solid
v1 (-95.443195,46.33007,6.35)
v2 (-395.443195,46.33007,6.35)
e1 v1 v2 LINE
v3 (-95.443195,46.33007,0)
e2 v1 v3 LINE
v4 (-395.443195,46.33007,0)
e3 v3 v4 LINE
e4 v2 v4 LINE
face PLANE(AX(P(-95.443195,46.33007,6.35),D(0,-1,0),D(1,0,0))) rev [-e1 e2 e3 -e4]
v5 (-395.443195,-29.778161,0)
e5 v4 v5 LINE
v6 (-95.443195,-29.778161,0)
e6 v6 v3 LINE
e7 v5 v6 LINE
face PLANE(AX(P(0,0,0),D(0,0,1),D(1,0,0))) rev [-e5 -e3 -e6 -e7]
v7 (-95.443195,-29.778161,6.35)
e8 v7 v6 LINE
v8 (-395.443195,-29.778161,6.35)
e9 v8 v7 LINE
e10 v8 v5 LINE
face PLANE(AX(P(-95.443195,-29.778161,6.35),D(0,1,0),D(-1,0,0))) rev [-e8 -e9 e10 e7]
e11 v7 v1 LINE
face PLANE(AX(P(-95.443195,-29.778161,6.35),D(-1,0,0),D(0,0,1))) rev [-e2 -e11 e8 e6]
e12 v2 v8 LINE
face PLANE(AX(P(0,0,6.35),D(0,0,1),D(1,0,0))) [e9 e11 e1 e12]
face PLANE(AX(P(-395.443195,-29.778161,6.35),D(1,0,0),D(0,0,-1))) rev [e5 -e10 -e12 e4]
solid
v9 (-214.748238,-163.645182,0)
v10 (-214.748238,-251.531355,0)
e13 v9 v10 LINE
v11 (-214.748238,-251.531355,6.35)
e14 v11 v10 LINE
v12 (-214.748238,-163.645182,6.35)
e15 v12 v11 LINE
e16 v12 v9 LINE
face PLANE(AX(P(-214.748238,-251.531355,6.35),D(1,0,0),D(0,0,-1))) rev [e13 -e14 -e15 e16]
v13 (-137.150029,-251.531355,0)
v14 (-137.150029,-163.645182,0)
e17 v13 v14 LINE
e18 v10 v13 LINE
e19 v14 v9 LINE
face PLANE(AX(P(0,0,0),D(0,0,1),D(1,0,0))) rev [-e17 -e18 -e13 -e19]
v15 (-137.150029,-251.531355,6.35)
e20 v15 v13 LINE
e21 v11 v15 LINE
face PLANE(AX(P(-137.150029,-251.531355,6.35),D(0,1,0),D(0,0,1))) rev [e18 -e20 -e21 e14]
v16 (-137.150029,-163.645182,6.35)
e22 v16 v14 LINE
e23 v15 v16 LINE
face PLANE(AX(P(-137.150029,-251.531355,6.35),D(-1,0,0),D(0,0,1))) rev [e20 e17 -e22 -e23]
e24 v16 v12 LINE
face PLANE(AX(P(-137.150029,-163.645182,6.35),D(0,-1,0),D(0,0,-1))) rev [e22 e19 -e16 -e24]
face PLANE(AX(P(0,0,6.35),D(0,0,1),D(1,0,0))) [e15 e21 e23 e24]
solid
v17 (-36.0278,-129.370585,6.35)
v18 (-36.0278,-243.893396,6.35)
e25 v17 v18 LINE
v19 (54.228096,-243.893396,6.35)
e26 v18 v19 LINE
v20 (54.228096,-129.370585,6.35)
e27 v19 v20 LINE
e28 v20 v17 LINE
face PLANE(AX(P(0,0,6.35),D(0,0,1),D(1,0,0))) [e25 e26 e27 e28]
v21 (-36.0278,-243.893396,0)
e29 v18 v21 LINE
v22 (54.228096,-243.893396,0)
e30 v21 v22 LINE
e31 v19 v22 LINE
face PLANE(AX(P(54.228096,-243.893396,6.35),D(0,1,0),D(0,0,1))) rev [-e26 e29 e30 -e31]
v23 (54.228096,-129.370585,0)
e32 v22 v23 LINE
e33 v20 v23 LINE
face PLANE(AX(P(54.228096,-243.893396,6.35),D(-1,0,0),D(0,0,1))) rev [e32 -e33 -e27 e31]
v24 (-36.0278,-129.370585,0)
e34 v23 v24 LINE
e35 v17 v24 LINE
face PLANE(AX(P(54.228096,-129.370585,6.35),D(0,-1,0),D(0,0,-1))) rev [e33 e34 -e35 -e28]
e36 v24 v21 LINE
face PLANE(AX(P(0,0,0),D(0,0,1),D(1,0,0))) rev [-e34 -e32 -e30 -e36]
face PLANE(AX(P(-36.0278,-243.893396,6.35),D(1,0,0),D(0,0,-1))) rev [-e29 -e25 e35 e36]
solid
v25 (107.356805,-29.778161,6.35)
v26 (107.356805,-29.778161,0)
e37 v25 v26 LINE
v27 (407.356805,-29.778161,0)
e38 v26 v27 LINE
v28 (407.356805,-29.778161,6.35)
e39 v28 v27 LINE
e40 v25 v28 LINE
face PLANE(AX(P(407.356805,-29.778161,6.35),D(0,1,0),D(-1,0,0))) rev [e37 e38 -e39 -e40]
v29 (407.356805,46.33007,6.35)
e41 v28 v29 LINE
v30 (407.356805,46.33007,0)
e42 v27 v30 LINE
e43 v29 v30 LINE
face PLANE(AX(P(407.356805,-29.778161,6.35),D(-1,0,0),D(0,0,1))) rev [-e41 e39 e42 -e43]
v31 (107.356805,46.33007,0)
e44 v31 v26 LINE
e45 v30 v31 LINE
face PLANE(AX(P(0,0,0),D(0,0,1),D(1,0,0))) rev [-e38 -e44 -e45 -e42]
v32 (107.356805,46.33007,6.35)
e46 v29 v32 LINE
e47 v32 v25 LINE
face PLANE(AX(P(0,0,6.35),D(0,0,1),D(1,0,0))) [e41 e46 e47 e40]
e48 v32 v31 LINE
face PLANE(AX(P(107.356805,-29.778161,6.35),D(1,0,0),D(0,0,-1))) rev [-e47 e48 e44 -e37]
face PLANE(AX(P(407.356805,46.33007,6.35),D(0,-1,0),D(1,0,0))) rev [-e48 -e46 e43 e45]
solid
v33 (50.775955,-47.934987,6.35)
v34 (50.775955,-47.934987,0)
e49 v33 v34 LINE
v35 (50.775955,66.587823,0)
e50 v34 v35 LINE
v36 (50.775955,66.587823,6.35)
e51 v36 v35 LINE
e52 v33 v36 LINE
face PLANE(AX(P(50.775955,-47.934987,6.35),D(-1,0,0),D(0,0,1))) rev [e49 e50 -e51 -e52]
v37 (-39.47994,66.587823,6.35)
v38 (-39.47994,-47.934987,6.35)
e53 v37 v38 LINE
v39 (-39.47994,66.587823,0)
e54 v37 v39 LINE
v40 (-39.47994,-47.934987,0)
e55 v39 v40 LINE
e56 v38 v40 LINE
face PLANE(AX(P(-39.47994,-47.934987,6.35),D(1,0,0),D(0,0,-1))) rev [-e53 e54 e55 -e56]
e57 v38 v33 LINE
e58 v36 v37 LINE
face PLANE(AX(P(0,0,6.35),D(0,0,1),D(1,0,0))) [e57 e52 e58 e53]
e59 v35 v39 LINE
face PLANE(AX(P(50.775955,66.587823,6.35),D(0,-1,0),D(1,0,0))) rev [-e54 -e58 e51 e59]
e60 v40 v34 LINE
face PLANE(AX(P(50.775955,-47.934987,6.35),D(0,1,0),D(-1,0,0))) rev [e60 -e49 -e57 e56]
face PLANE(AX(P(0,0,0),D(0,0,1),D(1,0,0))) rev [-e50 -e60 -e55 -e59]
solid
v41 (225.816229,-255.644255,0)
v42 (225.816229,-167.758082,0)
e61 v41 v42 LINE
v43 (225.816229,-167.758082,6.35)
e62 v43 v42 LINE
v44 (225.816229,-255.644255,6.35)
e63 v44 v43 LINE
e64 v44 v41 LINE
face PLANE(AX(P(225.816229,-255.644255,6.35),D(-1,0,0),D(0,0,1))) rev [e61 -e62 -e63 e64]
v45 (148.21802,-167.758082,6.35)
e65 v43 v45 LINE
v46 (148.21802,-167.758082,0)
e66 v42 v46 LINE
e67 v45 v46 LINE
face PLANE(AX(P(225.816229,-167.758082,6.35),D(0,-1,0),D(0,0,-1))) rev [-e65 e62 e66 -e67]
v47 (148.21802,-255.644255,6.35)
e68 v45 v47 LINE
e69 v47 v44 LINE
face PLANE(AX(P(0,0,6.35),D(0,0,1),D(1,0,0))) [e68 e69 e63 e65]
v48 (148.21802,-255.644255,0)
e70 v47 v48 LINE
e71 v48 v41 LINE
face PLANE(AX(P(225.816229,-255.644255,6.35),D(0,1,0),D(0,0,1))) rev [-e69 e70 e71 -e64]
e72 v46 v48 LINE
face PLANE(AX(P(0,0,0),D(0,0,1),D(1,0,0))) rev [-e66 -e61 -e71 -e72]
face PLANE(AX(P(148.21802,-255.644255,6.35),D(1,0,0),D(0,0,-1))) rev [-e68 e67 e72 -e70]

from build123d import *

# Parameters (mm, degrees)
SKETCH1_W             = 300
SKETCH1_H             = 76.108230447
BOSS_EXTRUDE1_DEPTH   = 6.35
BOSS_EXTRUDE1_2_DEPTH = 6.35
SKETCH1_W_2           = 90.255895431
SKETCH1_H_2           = 114.522810711
BOSS_EXTRUDE1_3_DEPTH = 6.35
BOSS_EXTRUDE1_4_DEPTH = 6.35
SKETCH1_W_3           = 77.598208687
SKETCH1_H_3           = 87.886173031
BOSS_EXTRUDE1_5_DEPTH = 6.35
BOSS_EXTRUDE1_6_DEPTH = 6.35


with BuildPart() as part:
    # Sketch1 → Boss-Extrude1 (new body)
    with BuildSketch(Plane.XY):
        with Locations((-245.443194985, 8.275954464)):
            Rectangle(SKETCH1_W, SKETCH1_H)
    extrude(amount=BOSS_EXTRUDE1_DEPTH)


with BuildPart() as body_2:
    # Sketch1 → Boss-Extrude1 2 (new body)
    with BuildSketch(Plane.XY):
        with Locations((257.356805015, 8.275954464)):
            Rectangle(SKETCH1_W, SKETCH1_H)
    extrude(amount=BOSS_EXTRUDE1_2_DEPTH)


with BuildPart() as body_3:
    # Sketch1 → Boss-Extrude1 3 (new body)
    with BuildSketch(Plane.XY):
        with Locations((9.100148196, -186.631990495)):
            Rectangle(SKETCH1_W_2, SKETCH1_H_2)
    extrude(amount=BOSS_EXTRUDE1_3_DEPTH)


with BuildPart() as body_4:
    # Sketch1 → Boss-Extrude1 4 (new body)
    with BuildSketch(Plane.XY):
        with Locations((5.648007274, 9.326418088)):
            Rectangle(SKETCH1_W_2, SKETCH1_H_2)
    extrude(amount=BOSS_EXTRUDE1_4_DEPTH)


with BuildPart() as body_5:
    # Sketch1 → Boss-Extrude1 5 (new body)
    with BuildSketch(Plane.XY):
        with Locations((-175.949133489, -207.588268368)):
            Rectangle(SKETCH1_W_3, SKETCH1_H_3)
    extrude(amount=BOSS_EXTRUDE1_5_DEPTH)


with BuildPart() as body_6:
    # Sketch1 → Boss-Extrude1 6 (new body)
    with BuildSketch(Plane.XY):
        with Locations((187.017124595, -211.701168091)):
            Rectangle(SKETCH1_W_3, SKETCH1_H_3)
    extrude(amount=BOSS_EXTRUDE1_6_DEPTH)


solid = Compound([part.part, body_2.part, body_3.part, body_4.part, body_5.part, body_6.part])
